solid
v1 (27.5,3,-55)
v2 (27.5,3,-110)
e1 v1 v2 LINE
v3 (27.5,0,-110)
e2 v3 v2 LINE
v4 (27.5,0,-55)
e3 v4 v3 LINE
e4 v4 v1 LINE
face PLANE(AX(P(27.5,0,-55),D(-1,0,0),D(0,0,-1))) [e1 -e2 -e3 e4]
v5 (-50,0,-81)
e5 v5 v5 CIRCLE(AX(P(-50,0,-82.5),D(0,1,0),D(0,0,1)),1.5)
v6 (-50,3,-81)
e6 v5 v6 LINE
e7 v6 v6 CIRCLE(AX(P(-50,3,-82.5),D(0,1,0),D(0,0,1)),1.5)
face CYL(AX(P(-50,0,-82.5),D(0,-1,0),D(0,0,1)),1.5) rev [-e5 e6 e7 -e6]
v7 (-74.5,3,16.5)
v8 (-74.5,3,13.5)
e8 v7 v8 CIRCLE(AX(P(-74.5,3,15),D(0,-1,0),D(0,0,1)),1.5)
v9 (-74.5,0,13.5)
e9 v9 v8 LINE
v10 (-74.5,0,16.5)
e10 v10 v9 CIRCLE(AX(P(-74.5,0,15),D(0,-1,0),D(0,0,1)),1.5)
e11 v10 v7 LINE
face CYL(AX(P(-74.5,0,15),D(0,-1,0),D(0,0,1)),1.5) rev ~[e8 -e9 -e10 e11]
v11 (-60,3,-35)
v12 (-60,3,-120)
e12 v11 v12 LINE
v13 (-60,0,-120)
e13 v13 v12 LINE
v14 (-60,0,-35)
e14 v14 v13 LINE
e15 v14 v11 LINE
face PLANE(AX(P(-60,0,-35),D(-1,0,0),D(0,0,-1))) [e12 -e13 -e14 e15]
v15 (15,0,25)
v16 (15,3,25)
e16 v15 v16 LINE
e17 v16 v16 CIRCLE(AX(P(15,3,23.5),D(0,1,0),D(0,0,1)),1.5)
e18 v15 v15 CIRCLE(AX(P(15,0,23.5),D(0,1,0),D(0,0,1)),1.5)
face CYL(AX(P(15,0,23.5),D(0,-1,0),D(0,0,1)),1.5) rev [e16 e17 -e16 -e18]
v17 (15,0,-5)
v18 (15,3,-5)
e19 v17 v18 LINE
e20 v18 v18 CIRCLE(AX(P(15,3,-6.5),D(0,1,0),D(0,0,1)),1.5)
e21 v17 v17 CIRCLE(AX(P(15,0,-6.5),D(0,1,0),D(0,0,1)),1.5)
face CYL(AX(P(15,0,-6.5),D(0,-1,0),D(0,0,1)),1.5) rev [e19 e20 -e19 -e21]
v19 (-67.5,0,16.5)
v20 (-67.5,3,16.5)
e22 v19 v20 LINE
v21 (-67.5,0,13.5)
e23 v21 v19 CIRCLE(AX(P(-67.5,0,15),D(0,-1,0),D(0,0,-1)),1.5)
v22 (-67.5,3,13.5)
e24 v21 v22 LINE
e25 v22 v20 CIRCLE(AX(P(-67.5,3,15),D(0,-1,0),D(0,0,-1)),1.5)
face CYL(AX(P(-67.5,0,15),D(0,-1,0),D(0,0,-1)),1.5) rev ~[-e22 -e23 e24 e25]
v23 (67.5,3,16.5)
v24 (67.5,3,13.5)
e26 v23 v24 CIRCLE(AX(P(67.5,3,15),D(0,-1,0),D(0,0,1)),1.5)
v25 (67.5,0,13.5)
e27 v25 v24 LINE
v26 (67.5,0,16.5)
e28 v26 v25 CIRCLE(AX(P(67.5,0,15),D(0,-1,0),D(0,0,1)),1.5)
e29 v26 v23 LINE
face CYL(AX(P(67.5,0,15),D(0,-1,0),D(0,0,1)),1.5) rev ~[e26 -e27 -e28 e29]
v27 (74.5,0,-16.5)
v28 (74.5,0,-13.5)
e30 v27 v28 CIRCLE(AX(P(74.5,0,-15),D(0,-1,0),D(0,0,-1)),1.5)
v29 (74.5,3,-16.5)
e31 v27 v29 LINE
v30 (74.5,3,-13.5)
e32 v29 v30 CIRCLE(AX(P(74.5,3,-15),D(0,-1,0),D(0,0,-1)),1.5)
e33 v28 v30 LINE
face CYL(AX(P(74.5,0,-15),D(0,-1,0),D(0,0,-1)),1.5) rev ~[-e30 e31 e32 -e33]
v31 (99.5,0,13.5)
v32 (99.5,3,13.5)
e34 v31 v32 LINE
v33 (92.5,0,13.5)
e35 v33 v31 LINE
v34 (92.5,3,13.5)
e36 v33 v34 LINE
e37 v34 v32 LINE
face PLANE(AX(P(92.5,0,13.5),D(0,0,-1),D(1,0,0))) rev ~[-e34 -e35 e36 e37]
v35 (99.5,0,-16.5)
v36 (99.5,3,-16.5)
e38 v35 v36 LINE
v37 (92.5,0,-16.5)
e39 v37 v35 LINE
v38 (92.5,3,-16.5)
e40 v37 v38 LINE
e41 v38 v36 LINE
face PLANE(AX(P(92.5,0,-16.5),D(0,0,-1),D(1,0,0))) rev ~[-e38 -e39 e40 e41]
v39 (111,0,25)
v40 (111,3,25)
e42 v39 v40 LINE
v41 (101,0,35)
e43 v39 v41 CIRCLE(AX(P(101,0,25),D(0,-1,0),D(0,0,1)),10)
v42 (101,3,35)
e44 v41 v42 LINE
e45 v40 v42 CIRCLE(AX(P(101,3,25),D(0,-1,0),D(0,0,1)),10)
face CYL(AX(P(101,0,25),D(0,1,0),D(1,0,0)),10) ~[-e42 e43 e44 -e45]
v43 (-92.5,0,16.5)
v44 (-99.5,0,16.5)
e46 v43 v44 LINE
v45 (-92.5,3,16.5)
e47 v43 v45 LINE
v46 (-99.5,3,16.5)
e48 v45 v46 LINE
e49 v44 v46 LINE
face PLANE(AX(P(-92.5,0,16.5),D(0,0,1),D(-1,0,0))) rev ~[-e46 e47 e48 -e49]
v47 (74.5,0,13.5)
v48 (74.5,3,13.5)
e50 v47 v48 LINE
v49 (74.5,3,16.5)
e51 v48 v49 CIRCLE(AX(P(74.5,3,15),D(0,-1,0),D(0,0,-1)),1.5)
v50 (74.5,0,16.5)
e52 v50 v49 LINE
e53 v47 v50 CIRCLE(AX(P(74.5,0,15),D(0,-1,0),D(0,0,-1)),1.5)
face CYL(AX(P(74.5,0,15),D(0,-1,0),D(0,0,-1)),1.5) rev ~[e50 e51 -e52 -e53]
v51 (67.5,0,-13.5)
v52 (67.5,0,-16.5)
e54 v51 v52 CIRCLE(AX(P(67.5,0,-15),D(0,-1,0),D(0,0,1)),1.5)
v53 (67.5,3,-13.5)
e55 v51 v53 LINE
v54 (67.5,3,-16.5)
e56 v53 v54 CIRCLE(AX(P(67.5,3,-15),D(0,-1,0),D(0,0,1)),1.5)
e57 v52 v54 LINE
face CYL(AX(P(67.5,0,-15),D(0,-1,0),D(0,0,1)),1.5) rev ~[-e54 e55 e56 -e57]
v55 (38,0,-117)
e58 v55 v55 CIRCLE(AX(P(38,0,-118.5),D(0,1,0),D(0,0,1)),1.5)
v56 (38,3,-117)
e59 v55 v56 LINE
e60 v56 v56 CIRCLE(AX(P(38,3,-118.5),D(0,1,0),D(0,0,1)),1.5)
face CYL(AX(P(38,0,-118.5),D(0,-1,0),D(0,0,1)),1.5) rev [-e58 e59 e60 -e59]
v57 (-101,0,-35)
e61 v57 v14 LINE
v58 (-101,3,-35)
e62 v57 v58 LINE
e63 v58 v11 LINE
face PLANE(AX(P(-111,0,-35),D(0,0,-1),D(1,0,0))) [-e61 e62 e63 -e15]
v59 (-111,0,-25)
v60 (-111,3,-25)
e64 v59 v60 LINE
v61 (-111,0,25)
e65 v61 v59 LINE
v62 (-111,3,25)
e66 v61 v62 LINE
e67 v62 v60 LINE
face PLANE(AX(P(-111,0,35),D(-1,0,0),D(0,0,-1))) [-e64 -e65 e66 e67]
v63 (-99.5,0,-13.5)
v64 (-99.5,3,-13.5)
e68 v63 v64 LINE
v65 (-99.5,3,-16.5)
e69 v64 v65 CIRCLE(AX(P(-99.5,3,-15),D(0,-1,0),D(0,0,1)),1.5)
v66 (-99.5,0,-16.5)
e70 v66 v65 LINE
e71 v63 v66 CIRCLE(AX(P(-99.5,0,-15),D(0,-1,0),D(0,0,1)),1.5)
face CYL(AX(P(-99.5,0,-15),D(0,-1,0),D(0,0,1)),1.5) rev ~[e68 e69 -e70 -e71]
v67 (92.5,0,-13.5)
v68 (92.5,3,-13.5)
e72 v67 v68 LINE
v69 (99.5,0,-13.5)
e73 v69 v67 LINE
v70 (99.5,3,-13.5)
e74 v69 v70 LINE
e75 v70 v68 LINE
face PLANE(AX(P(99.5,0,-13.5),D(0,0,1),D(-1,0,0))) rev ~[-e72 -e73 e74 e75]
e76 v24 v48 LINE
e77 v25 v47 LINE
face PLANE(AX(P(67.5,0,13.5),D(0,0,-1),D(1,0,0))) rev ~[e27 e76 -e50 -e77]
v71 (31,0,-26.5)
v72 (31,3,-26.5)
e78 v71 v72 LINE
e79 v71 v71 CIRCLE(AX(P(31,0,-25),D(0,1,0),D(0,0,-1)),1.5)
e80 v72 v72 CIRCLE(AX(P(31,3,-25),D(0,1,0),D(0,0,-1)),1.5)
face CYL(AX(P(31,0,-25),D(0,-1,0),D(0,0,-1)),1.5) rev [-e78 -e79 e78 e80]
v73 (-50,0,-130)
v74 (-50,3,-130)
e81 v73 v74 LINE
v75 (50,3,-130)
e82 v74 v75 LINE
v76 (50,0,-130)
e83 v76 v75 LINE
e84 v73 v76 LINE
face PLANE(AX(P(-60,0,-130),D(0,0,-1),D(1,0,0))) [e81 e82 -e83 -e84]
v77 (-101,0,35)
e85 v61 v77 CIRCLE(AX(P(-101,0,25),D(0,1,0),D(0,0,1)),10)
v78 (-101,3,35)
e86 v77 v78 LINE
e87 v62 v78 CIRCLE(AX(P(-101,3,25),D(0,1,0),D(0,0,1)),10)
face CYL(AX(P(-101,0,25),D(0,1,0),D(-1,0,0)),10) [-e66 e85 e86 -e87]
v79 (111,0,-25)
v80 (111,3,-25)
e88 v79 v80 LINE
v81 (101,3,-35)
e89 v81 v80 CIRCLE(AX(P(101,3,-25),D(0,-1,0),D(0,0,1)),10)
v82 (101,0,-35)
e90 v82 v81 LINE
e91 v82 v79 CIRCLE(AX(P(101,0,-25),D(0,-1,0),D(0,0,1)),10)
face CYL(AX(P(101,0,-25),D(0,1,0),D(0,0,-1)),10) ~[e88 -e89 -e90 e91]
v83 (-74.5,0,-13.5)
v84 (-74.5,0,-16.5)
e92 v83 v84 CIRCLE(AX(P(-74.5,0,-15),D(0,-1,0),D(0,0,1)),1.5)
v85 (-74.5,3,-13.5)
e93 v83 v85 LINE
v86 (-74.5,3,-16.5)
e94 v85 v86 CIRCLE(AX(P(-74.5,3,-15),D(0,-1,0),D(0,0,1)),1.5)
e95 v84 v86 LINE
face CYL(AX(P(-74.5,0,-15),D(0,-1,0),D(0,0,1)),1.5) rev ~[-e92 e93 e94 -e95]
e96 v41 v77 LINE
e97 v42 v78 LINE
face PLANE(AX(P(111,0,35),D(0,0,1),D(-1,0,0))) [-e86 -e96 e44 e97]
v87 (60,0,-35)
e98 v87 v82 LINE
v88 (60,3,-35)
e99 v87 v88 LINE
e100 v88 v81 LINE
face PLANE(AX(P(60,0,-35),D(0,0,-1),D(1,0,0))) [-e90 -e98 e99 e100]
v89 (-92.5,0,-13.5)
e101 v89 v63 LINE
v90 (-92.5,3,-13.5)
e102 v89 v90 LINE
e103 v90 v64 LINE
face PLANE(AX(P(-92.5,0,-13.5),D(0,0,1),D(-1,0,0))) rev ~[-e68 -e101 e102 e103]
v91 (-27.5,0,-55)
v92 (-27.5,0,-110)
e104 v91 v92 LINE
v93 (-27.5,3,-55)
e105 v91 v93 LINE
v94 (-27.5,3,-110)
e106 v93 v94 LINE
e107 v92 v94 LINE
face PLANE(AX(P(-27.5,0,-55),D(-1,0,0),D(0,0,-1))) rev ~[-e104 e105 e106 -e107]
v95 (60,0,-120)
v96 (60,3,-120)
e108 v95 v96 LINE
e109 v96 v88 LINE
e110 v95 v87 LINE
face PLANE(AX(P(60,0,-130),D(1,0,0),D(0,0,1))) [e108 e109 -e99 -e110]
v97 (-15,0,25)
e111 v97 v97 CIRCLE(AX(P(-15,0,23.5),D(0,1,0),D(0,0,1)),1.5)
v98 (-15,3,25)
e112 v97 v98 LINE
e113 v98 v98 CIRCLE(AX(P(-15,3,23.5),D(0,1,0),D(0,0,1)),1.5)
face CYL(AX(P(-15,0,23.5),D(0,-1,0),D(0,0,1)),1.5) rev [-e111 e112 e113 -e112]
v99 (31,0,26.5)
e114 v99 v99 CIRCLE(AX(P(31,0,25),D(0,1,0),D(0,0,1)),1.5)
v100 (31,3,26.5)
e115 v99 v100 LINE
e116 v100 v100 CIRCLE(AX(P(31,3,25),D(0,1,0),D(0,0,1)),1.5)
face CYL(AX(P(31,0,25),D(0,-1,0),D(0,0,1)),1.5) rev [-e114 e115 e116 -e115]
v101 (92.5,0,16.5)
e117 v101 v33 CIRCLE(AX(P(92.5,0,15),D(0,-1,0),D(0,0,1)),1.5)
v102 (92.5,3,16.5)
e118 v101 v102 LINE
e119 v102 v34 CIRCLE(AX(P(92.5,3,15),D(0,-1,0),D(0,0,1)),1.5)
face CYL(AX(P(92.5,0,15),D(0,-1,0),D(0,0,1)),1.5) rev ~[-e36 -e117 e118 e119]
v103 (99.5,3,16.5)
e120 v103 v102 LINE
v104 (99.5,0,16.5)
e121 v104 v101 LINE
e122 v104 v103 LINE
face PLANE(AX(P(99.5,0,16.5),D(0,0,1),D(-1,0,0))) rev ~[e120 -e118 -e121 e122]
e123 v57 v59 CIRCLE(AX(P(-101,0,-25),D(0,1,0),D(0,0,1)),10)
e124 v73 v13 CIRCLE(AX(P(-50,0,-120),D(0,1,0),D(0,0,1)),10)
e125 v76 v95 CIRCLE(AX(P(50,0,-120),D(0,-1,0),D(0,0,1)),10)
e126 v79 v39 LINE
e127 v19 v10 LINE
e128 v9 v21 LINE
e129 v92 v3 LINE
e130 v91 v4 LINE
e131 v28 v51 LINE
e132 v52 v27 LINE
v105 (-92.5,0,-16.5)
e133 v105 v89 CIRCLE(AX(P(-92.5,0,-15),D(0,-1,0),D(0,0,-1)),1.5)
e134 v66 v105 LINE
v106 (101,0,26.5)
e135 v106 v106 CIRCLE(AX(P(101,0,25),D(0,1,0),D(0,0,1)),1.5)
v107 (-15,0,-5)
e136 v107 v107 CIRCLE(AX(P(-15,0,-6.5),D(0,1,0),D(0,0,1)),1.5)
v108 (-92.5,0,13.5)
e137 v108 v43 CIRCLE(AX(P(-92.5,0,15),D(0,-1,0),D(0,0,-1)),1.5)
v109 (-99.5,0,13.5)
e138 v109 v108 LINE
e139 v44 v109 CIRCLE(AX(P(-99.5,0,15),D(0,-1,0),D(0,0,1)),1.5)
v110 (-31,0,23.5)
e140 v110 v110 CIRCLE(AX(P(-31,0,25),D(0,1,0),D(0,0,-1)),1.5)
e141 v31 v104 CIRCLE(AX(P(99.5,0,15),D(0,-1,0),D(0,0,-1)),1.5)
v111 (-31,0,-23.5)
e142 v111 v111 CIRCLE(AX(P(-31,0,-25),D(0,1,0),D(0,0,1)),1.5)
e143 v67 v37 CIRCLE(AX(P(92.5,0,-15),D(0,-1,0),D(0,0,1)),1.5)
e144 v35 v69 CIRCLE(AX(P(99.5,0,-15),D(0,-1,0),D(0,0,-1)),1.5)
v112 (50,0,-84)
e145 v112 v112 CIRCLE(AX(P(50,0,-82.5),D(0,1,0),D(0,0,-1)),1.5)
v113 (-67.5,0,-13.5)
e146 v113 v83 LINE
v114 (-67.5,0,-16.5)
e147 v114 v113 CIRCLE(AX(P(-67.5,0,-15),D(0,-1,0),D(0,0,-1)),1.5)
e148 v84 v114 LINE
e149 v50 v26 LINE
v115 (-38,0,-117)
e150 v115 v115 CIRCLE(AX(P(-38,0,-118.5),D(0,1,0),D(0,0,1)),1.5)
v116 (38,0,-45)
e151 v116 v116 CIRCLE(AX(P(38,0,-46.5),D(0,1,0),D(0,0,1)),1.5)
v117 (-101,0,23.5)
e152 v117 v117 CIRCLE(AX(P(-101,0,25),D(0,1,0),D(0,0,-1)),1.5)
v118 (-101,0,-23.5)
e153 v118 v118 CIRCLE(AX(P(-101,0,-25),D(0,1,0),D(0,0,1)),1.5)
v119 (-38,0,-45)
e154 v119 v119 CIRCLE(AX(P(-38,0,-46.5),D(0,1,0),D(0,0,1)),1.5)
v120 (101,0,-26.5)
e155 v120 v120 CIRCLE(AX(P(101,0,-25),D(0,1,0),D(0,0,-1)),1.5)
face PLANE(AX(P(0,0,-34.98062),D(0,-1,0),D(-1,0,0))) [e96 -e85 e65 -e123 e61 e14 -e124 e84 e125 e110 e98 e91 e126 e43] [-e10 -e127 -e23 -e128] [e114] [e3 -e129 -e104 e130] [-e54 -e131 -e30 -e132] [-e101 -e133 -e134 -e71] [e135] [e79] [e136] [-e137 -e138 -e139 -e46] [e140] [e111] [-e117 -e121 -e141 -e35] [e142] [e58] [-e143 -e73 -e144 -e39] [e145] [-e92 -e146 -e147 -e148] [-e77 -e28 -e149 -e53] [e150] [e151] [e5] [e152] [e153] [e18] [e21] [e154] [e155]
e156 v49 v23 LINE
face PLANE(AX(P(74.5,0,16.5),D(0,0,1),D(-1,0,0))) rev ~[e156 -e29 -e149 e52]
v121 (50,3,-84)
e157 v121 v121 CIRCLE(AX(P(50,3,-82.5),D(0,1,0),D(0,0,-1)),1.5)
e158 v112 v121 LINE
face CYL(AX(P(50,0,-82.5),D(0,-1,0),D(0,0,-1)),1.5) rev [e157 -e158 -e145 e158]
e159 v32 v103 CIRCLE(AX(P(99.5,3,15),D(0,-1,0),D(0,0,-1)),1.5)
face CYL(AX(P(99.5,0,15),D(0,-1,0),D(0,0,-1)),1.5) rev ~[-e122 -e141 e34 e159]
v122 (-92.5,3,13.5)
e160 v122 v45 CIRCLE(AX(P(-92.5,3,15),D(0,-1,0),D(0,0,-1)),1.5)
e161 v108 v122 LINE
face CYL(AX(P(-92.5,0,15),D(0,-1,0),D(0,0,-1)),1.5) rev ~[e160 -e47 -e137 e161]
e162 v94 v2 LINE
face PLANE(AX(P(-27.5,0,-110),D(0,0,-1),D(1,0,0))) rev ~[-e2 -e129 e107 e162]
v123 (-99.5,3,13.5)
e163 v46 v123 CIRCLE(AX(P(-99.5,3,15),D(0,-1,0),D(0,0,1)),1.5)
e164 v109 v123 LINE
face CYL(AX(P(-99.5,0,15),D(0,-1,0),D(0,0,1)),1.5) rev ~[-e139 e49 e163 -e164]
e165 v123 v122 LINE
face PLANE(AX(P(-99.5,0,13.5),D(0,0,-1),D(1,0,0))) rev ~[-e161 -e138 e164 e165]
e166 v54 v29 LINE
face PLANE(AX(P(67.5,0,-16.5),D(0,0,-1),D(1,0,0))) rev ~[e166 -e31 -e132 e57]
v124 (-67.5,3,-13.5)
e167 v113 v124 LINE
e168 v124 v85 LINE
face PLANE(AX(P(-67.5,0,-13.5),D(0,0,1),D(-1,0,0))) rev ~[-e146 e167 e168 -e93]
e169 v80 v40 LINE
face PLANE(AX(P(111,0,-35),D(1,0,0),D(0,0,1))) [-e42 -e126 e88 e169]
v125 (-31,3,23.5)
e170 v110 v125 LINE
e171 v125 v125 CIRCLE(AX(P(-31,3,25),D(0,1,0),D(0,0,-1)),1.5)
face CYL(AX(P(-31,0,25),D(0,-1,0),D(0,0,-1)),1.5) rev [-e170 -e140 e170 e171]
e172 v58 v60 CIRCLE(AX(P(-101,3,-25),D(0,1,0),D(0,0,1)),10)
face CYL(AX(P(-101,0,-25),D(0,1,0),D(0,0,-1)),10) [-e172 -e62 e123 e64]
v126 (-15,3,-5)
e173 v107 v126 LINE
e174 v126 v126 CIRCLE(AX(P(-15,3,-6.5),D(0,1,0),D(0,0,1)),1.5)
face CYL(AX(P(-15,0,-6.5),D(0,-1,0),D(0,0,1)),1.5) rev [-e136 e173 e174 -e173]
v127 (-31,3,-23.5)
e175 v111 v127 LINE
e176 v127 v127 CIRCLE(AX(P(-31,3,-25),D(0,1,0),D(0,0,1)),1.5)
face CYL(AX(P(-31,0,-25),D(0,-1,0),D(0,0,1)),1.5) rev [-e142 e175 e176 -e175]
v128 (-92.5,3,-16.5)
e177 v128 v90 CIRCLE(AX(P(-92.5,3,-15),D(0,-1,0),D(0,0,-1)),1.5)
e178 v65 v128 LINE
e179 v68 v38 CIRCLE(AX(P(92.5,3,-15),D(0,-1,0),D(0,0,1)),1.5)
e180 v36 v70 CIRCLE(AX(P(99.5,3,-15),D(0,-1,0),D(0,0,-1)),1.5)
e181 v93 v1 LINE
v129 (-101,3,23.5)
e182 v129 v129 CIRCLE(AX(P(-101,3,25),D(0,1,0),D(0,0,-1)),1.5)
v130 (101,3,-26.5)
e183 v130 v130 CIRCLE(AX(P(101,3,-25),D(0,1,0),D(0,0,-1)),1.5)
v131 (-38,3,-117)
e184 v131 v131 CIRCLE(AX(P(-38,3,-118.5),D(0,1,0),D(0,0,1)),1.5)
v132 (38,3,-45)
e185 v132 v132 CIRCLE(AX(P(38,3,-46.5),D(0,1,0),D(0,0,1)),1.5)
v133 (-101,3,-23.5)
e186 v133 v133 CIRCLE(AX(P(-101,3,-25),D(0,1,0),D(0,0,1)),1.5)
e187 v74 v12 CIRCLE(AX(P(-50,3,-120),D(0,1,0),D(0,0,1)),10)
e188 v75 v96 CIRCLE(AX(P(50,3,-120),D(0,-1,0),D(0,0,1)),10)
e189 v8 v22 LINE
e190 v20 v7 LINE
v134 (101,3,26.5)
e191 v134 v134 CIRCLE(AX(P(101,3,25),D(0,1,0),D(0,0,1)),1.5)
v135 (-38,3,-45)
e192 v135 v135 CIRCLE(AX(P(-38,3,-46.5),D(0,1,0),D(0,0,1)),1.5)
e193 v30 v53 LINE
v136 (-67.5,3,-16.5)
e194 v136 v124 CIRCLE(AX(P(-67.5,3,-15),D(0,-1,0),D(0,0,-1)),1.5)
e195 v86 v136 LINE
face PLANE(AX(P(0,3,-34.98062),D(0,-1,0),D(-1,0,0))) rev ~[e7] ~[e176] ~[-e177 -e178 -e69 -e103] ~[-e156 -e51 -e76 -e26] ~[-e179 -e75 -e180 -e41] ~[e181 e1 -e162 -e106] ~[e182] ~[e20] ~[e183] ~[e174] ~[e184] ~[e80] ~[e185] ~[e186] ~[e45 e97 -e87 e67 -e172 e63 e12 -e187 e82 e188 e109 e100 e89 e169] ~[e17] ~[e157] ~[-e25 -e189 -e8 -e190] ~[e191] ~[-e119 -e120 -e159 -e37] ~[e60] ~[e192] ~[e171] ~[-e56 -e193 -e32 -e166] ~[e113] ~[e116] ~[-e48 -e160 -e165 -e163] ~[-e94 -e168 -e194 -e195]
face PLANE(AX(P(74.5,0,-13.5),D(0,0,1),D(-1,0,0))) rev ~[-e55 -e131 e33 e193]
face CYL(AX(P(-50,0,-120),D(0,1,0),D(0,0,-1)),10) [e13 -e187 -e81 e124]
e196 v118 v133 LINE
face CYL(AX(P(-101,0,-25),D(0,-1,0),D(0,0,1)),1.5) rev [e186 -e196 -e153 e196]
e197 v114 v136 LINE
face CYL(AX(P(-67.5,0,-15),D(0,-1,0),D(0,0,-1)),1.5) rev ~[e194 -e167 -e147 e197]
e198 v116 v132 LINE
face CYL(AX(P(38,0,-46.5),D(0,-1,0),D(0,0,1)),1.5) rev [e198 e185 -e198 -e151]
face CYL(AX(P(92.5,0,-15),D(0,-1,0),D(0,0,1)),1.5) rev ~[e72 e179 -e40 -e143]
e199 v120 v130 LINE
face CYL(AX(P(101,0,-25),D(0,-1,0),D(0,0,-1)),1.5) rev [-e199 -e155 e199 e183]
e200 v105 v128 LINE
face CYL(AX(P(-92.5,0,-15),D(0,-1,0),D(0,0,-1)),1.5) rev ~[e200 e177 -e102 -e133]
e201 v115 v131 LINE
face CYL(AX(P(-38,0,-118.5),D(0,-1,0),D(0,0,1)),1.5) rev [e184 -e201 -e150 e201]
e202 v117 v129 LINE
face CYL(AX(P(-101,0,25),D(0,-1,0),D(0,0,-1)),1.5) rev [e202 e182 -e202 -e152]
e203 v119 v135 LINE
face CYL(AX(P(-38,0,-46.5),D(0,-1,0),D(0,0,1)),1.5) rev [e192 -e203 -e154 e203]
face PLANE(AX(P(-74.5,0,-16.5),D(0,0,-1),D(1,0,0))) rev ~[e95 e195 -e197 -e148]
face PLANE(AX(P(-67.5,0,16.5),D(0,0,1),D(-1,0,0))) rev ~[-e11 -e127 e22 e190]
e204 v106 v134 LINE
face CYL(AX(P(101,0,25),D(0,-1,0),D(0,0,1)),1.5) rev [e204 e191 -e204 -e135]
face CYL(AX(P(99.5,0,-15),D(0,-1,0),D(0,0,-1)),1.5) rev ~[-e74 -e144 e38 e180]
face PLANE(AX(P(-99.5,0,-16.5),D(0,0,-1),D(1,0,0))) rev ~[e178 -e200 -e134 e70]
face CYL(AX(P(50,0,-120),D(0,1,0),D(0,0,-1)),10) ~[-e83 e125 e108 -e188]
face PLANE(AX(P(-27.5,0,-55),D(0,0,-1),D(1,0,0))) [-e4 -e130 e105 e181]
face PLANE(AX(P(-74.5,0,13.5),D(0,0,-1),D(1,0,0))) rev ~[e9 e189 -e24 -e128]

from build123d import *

# Parameters (mm, degrees)
SKETCH1_R           = 1.5
SKETCH1_W           = 55
SKETCH1_H           = 55
BOSS_EXTRUDE1_DEPTH = 3
FILLET1_R           = 10


with BuildPart() as part:
    # Sketch1 → Boss-Extrude1 (new body)
    with BuildSketch(Plane(origin=(0, 0, 0), x_dir=(1, 0, 0), z_dir=(0, 1, 0))):
        Polygon((-60, 130), (60, 130), (60, 35), (111, 35), (111, -35), (-111, -35), (-111, 35), (-60, 35), align=None)
        with Locations(Location((38, 118.5, 0), (0, 0, 270))):
            Circle(SKETCH1_R, mode=Mode.SUBTRACT)
        with Locations(Location((38, 46.5, 0), (0, 0, 270))):
            Circle(SKETCH1_R, mode=Mode.SUBTRACT)
        with Locations(Location((-38, 118.5, 0), (0, 0, 270))):
            Circle(SKETCH1_R, mode=Mode.SUBTRACT)
        with Locations(Location((-38, 46.5, 0), (0, 0, 270))):
            Circle(SKETCH1_R, mode=Mode.SUBTRACT)
        with Locations(Location((-15, 6.5, 0), (0, 0, 270))):
            Circle(SKETCH1_R, mode=Mode.SUBTRACT)
        with Locations(Location((15, 6.5, 0), (0, 0, 270))):
            Circle(SKETCH1_R, mode=Mode.SUBTRACT)
        with Locations(Location((15, -23.5, 0), (0, 0, 270))):
            Circle(SKETCH1_R, mode=Mode.SUBTRACT)
        with Locations(Location((-15, -23.5, 0), (0, 0, 270))):
            Circle(SKETCH1_R, mode=Mode.SUBTRACT)
        with Locations(Location((-50, 82.5, 0), (0, 0, 270))):
            Circle(SKETCH1_R, mode=Mode.SUBTRACT)
        with Locations(Location((-101, 25, 0), (0, 0, 270))):
            Circle(SKETCH1_R, mode=Mode.SUBTRACT)
        with Locations(Location((-101, -25, 0), (0, 0, 90))):
            Circle(SKETCH1_R, mode=Mode.SUBTRACT)
        with Locations(Location((-31, 25, 0), (0, 0, 270))):
            Circle(SKETCH1_R, mode=Mode.SUBTRACT)
        with Locations(Location((-31, -25, 0), (0, 0, 90))):
            Circle(SKETCH1_R, mode=Mode.SUBTRACT)
        with Locations(Location((101, 25, 0), (0, 0, 90))):
            Circle(SKETCH1_R, mode=Mode.SUBTRACT)
        with Locations(Location((101, -25, 0), (0, 0, 270))):
            Circle(SKETCH1_R, mode=Mode.SUBTRACT)
        with Locations(Location((31, -25, 0), (0, 0, 270))):
            Circle(SKETCH1_R, mode=Mode.SUBTRACT)
        with Locations(Location((31, 25, 0), (0, 0, 90))):
            Circle(SKETCH1_R, mode=Mode.SUBTRACT)
        with Locations(Location((50, 82.5, 0), (0, 0, 90))):
            Circle(SKETCH1_R, mode=Mode.SUBTRACT)
        with BuildLine():
            Line((74.5, -16.5), (67.5, -16.5))
            ThreePointArc((67.5, -16.5), (66, -15), (67.5, -13.5))
            Line((67.5, -13.5), (74.5, -13.5))
            ThreePointArc((74.5, -13.5), (76, -15), (74.5, -16.5))
        make_face(mode=Mode.SUBTRACT)
        with BuildLine():
            Line((74.5, 13.5), (67.5, 13.5))
            ThreePointArc((67.5, 13.5), (66, 15), (67.5, 16.5))
            Line((67.5, 16.5), (74.5, 16.5))
            ThreePointArc((74.5, 16.5), (76, 15), (74.5, 13.5))
        make_face(mode=Mode.SUBTRACT)
        with BuildLine():
            Line((92.5, 16.5), (99.5, 16.5))
            ThreePointArc((99.5, 16.5), (101, 15), (99.5, 13.5))
            Line((99.5, 13.5), (92.5, 13.5))
            ThreePointArc((92.5, 13.5), (91, 15), (92.5, 16.5))
        make_face(mode=Mode.SUBTRACT)
        with BuildLine():
            Line((92.5, -13.5), (99.5, -13.5))
            ThreePointArc((99.5, -13.5), (101, -15), (99.5, -16.5))
            Line((99.5, -16.5), (92.5, -16.5))
            ThreePointArc((92.5, -16.5), (91, -15), (92.5, -13.5))
        make_face(mode=Mode.SUBTRACT)
        with BuildLine():
            Line((-92.5, -16.5), (-99.5, -16.5))
            ThreePointArc((-99.5, -16.5), (-101, -15), (-99.5, -13.5))
            Line((-99.5, -13.5), (-92.5, -13.5))
            ThreePointArc((-92.5, -13.5), (-91, -15), (-92.5, -16.5))
        make_face(mode=Mode.SUBTRACT)
        with BuildLine():
            Line((-92.5, 13.5), (-99.5, 13.5))
            ThreePointArc((-99.5, 13.5), (-101, 15), (-99.5, 16.5))
            Line((-99.5, 16.5), (-92.5, 16.5))
            ThreePointArc((-92.5, 16.5), (-91, 15), (-92.5, 13.5))
        make_face(mode=Mode.SUBTRACT)
        with BuildLine():
            Line((-74.5, -13.5), (-67.5, -13.5))
            ThreePointArc((-67.5, -13.5), (-66, -15), (-67.5, -16.5))
            Line((-67.5, -16.5), (-74.5, -16.5))
            ThreePointArc((-74.5, -16.5), (-76, -15), (-74.5, -13.5))
        make_face(mode=Mode.SUBTRACT)
        with BuildLine():
            Line((-74.5, 16.5), (-67.5, 16.5))
            ThreePointArc((-67.5, 16.5), (-66, 15), (-67.5, 13.5))
            Line((-67.5, 13.5), (-74.5, 13.5))
            ThreePointArc((-74.5, 13.5), (-76, 15), (-74.5, 16.5))
        make_face(mode=Mode.SUBTRACT)
        with Locations((0, 82.5)):
            Rectangle(SKETCH1_W, SKETCH1_H, mode=Mode.SUBTRACT)
    extrude(amount=BOSS_EXTRUDE1_DEPTH)

    # Fillet1
    fillet1_edges = [part.edges().sort_by_distance(p)[0] for p in [
        (111, 1.5, -35),
        (111, 1.5, 35),
        (-111, 1.5, 35),
        (-111, 1.5, -35),
        (-60, 1.5, -130),
        (60, 1.5, -130),
    ]]
    fillet(fillet1_edges, radius=FILLET1_R)


solid = part.part
